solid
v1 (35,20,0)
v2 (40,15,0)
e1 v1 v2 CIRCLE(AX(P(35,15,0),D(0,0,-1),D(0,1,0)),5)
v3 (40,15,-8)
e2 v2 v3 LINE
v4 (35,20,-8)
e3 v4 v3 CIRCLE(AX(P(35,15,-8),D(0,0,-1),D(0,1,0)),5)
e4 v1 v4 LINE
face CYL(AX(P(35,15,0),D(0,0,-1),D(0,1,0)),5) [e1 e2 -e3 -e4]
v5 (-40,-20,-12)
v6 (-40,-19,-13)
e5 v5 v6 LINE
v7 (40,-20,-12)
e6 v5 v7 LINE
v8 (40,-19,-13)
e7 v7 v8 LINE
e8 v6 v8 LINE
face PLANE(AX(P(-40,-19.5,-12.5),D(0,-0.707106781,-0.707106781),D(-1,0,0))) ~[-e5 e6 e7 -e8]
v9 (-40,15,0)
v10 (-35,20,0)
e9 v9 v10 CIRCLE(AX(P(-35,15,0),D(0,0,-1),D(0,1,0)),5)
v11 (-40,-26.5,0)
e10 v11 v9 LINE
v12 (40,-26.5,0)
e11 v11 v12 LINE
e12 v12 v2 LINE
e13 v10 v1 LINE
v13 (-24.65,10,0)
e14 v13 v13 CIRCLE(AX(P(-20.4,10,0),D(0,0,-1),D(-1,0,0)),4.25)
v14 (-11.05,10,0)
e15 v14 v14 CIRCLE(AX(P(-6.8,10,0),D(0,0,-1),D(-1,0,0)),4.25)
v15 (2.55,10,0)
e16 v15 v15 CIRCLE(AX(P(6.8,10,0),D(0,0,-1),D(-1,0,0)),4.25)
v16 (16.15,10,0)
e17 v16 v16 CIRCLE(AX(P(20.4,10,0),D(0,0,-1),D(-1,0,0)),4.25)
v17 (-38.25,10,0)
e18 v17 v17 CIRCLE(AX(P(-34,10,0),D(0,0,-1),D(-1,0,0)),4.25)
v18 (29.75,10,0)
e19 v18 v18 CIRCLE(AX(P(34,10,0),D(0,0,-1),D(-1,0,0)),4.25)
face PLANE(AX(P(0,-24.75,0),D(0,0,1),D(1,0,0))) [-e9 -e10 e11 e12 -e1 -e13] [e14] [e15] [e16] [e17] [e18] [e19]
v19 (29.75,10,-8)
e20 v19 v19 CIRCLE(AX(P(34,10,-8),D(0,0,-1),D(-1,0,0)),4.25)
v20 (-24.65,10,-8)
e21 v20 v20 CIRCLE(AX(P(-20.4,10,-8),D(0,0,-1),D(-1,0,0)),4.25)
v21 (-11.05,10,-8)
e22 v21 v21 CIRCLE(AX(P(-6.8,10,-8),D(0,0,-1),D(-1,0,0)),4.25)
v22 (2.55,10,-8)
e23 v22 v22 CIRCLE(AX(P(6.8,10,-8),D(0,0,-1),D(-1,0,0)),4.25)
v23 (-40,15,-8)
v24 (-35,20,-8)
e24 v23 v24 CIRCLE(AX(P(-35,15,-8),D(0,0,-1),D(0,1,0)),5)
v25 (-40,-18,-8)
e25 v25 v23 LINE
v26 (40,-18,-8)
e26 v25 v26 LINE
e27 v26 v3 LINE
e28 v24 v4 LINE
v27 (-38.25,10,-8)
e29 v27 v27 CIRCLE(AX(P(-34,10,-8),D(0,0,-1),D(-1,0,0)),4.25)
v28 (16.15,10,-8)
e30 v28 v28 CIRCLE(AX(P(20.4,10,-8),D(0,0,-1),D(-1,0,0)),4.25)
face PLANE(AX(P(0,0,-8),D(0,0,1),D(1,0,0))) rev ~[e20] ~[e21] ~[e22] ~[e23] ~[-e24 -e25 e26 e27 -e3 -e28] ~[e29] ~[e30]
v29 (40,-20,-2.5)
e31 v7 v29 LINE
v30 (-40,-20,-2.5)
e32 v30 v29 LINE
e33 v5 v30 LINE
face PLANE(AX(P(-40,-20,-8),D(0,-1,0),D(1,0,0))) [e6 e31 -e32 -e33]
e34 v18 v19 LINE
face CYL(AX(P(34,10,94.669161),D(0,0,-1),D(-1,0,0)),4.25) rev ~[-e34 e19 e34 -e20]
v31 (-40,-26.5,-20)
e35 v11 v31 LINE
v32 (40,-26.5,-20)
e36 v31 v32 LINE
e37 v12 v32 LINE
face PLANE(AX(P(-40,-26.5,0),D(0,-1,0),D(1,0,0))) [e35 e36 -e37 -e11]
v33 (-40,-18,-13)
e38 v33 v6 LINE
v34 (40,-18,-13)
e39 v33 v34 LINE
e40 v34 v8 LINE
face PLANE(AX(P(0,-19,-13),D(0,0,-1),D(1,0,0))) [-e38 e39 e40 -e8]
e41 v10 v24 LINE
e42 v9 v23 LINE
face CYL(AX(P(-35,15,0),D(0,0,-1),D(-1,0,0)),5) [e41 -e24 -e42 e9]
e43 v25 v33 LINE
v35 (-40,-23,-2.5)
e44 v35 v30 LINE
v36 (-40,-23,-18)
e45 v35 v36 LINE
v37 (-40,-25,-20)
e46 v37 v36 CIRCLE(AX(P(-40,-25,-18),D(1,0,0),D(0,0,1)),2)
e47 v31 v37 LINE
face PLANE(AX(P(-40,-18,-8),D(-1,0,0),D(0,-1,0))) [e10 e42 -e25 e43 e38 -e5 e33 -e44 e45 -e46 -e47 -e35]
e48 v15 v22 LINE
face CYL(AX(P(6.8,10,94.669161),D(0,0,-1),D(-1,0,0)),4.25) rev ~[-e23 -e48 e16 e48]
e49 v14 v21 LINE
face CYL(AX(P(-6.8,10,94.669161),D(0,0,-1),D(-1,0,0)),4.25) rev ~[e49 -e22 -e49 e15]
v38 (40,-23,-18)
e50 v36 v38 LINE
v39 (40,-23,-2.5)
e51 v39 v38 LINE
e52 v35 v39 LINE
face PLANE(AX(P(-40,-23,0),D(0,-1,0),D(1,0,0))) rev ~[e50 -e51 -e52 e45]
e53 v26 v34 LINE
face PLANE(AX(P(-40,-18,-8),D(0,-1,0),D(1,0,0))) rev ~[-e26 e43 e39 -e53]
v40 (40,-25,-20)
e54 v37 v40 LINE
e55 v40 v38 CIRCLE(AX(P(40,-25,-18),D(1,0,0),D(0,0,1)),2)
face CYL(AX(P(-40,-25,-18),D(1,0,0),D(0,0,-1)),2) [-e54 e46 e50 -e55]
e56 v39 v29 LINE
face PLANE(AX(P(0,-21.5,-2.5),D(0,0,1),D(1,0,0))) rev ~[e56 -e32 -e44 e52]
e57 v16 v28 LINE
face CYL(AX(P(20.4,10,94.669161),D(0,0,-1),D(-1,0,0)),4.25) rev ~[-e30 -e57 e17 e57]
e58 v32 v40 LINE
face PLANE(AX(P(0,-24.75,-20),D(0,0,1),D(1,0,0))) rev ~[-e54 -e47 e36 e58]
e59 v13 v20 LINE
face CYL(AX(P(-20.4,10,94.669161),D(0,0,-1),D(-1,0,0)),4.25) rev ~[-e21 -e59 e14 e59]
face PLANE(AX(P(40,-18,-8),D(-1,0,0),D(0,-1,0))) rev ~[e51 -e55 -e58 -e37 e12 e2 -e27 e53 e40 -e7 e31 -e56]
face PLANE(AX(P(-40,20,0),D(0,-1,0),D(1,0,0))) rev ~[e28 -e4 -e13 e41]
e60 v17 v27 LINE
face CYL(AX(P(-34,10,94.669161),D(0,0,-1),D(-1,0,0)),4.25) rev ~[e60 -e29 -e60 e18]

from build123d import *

# Parameters (mm, degrees)
F0_W     = 80
F0_H     = 40
F1_DEPTH = 8
F0_H_2   = 3
F2_DEPTH = 2.5
F0_H_3   = 3.5
F3_DEPTH = 20
F5_D     = 8.5
F6_R     = 2
F7_R     = 5
F8_W     = 80
F8_H     = 2
F9_DEPTH = 5
F10_SIZE = 1


with BuildPart() as f1:
    # F0 (on Top) → F1 (new body)
    with BuildSketch(Plane.XY):
        Rectangle(F0_W, F0_H)
    extrude(amount=-F1_DEPTH)

    # F0 (on Top) → F2 (join)
    with BuildSketch(Plane.XY):
        with Locations((0, -21.5)):
            Rectangle(F0_W, F0_H_2)
    extrude(amount=-F2_DEPTH)

    # F0 (on Top) → F3 (join)
    with BuildSketch(Plane.XY):
        with Locations((0, -24.75)):
            Rectangle(F0_W, F0_H_3)
    extrude(amount=-F3_DEPTH)

    # F5 (through all)
    with Locations(Plane.XY):
        with Locations((-34, 10), (34, 10), (6.8, 10), (20.4, 10), (-20.4, 10), (-6.8, 10)):
            Hole(F5_D / 2)

    # F6
    f6_edges = [f1.edges().sort_by_distance(p)[0] for p in [
        (0, -23, -20),
    ]]
    fillet(f6_edges, radius=F6_R)

    # F7
    f7_edges = [f1.edges().sort_by_distance(p)[0] for p in [
        (40, 20, -4),
        (-40, 20, -4),
    ]]
    fillet(f7_edges, radius=F7_R)

    # F8 (on face) → F9 (join)
    with BuildSketch(Plane(origin=(0, 0, -8), x_dir=(1, 0, 0), z_dir=(0, 0, -1))):
        with Locations((0, 19)):
            Rectangle(F8_W, F8_H)
    extrude(amount=F9_DEPTH)

    # F10
    f10_edges = [f1.edges().sort_by_distance(p)[0] for p in [
        (0, -20, -13),
    ]]
    chamfer(f10_edges, length=F10_SIZE)


solid = f1.part
